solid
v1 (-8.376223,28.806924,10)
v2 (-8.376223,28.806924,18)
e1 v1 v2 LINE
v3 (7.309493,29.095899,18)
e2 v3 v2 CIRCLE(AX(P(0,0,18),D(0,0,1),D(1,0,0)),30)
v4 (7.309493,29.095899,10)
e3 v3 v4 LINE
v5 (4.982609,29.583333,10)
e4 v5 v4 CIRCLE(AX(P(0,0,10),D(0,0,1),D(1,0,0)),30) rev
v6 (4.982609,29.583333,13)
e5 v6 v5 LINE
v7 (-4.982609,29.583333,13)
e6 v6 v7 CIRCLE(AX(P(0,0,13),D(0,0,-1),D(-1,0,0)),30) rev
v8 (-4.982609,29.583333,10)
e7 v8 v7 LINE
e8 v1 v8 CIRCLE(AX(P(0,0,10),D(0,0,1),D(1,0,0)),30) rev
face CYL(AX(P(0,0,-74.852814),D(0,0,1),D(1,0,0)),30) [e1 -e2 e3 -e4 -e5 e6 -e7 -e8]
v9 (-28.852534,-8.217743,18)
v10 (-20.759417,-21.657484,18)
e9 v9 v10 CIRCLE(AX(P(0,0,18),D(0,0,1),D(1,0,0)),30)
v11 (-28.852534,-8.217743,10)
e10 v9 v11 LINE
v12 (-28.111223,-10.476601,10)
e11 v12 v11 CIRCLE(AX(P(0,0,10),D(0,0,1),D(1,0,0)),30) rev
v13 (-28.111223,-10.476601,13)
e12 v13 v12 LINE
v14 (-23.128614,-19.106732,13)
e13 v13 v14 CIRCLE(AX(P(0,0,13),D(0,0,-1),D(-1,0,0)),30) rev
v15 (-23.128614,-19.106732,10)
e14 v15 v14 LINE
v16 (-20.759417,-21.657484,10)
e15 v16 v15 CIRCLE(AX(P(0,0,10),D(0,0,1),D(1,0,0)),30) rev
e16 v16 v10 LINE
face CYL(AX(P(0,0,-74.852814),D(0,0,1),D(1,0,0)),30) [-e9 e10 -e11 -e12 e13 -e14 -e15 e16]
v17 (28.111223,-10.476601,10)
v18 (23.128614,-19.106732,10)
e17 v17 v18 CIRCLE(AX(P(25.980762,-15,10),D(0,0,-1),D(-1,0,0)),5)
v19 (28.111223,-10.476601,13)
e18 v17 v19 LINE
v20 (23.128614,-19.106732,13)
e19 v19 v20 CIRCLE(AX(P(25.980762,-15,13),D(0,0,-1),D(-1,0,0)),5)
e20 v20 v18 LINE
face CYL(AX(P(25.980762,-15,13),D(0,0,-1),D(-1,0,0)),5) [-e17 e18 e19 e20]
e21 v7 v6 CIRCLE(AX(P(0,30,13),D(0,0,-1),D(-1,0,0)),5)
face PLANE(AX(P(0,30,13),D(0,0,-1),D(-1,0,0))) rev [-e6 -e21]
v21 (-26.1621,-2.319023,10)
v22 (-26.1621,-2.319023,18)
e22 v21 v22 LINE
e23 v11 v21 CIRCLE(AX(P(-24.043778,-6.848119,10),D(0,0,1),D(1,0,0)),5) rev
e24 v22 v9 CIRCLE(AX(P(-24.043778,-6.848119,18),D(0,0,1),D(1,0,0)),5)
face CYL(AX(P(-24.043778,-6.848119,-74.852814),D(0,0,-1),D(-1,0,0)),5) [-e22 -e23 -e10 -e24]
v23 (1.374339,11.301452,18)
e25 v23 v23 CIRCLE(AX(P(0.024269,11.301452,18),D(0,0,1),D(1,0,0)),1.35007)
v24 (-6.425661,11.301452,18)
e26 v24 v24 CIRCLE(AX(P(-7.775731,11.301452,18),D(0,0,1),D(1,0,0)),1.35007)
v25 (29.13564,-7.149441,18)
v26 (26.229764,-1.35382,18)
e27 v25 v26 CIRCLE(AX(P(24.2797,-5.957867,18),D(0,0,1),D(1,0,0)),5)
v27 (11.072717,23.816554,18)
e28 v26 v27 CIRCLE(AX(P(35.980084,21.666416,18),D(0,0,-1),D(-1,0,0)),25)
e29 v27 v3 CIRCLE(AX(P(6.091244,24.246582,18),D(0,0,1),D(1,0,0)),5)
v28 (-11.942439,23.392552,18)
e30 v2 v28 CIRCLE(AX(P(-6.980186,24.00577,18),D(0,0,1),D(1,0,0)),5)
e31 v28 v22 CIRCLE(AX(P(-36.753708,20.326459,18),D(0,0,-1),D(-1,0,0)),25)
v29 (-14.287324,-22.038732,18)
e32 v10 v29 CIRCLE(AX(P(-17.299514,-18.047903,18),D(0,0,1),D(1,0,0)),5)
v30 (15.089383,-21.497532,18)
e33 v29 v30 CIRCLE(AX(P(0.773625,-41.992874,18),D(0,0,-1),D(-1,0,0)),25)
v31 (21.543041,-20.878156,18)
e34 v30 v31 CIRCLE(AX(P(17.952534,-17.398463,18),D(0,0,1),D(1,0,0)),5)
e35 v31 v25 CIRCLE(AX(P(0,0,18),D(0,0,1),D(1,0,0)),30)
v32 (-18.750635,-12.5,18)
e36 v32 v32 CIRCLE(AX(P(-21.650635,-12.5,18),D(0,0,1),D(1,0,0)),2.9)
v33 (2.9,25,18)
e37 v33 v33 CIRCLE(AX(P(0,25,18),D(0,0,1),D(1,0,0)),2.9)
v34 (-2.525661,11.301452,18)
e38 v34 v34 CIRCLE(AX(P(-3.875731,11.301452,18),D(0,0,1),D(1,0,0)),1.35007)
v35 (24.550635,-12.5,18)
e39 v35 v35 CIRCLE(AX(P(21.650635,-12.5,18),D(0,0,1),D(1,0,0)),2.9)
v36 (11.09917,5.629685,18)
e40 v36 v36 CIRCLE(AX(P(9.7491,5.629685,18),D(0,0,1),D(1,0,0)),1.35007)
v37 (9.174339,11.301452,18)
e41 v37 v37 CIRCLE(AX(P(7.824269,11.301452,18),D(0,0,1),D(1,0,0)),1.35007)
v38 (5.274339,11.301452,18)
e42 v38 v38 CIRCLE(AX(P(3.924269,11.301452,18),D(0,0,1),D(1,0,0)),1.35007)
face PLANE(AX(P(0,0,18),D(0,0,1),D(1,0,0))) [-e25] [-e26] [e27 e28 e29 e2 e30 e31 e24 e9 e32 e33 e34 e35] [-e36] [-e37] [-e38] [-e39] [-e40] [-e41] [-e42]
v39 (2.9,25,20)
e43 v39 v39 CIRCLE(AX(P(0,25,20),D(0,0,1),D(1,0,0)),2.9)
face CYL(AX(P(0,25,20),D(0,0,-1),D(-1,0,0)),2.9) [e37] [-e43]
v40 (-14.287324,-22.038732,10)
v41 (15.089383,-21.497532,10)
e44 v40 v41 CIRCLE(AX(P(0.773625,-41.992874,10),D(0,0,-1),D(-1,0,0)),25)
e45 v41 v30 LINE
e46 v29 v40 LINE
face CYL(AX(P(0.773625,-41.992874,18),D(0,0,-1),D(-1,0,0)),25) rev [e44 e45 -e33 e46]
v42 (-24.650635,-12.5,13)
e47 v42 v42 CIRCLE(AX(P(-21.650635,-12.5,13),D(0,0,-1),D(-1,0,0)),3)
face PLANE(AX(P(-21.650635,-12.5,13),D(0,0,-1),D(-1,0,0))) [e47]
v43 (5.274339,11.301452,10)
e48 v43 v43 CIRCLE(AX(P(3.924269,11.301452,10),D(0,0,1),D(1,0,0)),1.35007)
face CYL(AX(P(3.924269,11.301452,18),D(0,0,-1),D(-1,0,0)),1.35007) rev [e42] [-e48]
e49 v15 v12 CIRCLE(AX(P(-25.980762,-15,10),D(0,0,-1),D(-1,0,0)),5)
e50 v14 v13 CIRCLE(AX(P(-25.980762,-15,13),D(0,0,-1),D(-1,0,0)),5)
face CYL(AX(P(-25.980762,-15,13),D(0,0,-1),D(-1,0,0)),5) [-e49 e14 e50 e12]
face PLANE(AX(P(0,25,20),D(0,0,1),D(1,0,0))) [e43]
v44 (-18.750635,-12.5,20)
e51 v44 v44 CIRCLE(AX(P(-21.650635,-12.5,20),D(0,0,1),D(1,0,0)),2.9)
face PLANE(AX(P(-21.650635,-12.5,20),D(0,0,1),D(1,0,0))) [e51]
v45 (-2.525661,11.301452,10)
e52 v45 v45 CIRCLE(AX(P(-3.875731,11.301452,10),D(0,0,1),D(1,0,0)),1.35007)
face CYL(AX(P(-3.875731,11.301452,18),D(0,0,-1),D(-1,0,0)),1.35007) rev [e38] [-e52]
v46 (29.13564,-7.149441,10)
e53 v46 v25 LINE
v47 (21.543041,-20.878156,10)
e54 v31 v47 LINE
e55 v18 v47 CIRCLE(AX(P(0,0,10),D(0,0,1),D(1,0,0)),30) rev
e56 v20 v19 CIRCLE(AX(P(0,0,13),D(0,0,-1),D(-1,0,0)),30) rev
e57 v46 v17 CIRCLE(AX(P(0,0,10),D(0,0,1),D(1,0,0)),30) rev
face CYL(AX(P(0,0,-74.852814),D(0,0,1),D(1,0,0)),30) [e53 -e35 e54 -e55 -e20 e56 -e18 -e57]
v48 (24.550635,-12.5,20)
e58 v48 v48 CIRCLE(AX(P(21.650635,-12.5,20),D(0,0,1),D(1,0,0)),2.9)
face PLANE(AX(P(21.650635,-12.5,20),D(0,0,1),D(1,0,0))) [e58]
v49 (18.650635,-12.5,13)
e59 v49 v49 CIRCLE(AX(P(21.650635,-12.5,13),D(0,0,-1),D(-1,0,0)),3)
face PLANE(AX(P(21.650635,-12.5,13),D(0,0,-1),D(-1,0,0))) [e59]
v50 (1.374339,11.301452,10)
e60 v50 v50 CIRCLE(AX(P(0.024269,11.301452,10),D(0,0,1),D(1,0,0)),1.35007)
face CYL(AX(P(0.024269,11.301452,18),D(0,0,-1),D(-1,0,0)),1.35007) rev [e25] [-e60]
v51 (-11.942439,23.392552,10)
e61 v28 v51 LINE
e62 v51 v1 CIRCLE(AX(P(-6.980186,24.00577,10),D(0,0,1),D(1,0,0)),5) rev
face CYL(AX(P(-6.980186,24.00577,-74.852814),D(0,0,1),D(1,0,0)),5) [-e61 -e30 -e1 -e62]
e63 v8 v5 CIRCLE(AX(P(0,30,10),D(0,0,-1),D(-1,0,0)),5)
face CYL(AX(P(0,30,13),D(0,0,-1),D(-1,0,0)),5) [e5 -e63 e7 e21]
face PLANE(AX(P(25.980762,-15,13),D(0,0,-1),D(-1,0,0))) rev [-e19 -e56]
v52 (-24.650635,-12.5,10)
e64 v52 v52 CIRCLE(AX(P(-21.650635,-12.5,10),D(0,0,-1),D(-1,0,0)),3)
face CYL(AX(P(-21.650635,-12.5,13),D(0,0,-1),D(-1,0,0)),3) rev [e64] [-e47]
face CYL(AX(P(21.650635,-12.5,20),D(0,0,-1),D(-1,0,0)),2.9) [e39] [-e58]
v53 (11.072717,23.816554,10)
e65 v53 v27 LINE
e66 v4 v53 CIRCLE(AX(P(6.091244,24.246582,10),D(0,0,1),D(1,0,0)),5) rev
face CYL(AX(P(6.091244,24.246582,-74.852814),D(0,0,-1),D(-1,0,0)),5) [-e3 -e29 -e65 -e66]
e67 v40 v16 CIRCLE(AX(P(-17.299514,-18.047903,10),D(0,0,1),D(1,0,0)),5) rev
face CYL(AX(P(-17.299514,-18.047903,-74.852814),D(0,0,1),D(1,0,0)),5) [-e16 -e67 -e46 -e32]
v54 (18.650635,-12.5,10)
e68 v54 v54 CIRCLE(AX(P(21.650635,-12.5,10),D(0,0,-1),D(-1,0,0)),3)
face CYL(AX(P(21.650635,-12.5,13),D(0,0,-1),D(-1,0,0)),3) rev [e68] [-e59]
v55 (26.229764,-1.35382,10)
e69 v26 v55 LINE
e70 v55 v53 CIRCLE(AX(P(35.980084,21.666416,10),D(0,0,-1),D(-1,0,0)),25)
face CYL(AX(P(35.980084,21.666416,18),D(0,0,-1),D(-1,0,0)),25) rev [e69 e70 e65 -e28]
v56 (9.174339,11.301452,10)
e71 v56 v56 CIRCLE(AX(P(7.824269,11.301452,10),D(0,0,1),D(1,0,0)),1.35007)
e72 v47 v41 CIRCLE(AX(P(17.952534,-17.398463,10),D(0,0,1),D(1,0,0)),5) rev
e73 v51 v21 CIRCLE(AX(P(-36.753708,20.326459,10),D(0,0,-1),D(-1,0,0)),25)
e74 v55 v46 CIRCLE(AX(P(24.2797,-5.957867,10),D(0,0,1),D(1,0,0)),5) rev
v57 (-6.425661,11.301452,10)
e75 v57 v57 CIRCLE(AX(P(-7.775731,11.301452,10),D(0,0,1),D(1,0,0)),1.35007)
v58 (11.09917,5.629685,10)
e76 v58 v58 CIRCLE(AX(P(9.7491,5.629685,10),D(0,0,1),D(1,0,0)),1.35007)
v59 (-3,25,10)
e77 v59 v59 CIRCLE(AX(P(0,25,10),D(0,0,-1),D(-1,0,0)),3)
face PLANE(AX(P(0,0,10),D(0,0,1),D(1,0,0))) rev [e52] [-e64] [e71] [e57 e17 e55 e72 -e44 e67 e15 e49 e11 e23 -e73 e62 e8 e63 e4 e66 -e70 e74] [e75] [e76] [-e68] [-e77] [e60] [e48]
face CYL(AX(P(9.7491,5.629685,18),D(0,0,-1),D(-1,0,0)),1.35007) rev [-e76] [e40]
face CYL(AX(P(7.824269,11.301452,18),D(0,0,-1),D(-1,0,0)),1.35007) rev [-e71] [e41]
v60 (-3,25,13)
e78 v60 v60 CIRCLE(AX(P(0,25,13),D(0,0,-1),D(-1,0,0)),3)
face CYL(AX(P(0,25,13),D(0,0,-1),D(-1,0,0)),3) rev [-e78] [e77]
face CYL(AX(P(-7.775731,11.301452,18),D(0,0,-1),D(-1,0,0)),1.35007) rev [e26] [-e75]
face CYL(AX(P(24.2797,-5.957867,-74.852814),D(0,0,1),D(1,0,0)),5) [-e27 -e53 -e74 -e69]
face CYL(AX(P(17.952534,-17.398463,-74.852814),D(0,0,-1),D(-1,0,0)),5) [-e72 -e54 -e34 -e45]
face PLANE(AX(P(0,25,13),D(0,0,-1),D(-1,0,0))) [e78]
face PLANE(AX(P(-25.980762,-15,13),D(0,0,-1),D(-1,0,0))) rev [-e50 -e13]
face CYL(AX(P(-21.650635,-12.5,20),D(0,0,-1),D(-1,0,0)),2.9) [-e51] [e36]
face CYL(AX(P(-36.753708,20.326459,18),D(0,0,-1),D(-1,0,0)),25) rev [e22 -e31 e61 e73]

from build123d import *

# Parameters (mm, degrees)
SKETCH2_R           = 18.85
SKETCH2_R_2         = 1.350069841
BOSS_EXTRUDE1_DEPTH = 8
SKETCH3_R           = 30
SKETCH3_R_2         = 17.600030795
BOSS_EXTRUDE2_DEPTH = 8
SKETCH4_R           = 2.9
BOSS_EXTRUDE3_DEPTH = 2
SKETCH6_R           = 5
BOSS_EXTRUDE4_DEPTH = 3
SKETCH5_R           = 3
CUT_EXTRUDE1_DEPTH  = 3
SKETCH7_R           = 25
CUT_EXTRUDE2_DEPTH  = 8
FILLET1_R           = 5


with BuildPart() as part:
    # Sketch2 → Boss-Extrude1 (new body)
    with BuildSketch(Plane.XY.offset(10)):
        Circle(SKETCH2_R)
        with Locations((7.824268806, 11.301452471)):
            Circle(SKETCH2_R_2, mode=Mode.SUBTRACT)
        with Locations((3.924268806, 11.301452471)):
            Circle(SKETCH2_R_2, mode=Mode.SUBTRACT)
        with Locations((0.024268806, 11.301452471)):
            Circle(SKETCH2_R_2, mode=Mode.SUBTRACT)
        with Locations((-3.875731194, 11.301452471)):
            Circle(SKETCH2_R_2, mode=Mode.SUBTRACT)
        with Locations((-7.775731194, 11.301452471)):
            Circle(SKETCH2_R_2, mode=Mode.SUBTRACT)
        with Locations((9.749100056, 5.629684708)):
            Circle(SKETCH2_R_2, mode=Mode.SUBTRACT)
    extrude(amount=BOSS_EXTRUDE1_DEPTH)

    # Sketch3 → Boss-Extrude2 (add)
    with BuildSketch(Plane.XY.offset(18)):
        Circle(SKETCH3_R)
        Circle(SKETCH3_R_2, mode=Mode.SUBTRACT)
    extrude(amount=-BOSS_EXTRUDE2_DEPTH)

    # Sketch4 → Boss-Extrude3 (add)
    with BuildSketch(Plane.XY.offset(18)):
        with Locations((0, 25)):
            Circle(SKETCH4_R)
        with Locations((21.650635095, -12.5)):
            Circle(SKETCH4_R)
        with Locations((-21.650635095, -12.5)):
            Circle(SKETCH4_R)
    extrude(amount=BOSS_EXTRUDE3_DEPTH)

    # Sketch6 → Boss-Extrude4 (add)
    with BuildSketch(Plane(origin=(0, 0, 10), x_dir=(-1, 0, 0), z_dir=(0, 0, -1))):
        with Locations((0, 30)):
            Circle(SKETCH6_R)
        with Locations((25.980762114, -15)):
            Circle(SKETCH6_R)
        with Locations((-25.980762114, -15)):
            Circle(SKETCH6_R)
    extrude(amount=-BOSS_EXTRUDE4_DEPTH)

    # Sketch5 → Cut-Extrude1 (cut)
    with BuildSketch(Plane(origin=(0, 0, 10), x_dir=(-1, 0, 0), z_dir=(0, 0, -1))):
        with Locations((0, 25)):
            Circle(SKETCH5_R)
        with Locations((21.650635095, -12.5)):
            Circle(SKETCH5_R)
        with Locations((-21.650635095, -12.5)):
            Circle(SKETCH5_R)
    extrude(amount=-CUT_EXTRUDE1_DEPTH, mode=Mode.SUBTRACT)

    # Sketch7 → Cut-Extrude2 (cut)
    with BuildSketch(Plane(origin=(0, 0, 10), x_dir=(-1, 0, 0), z_dir=(0, 0, -1))):
        with Locations((-35.980083702, 21.666415873)):
            Circle(SKETCH7_R)
        with Locations((36.753708406, 20.32645858)):
            Circle(SKETCH7_R)
        with Locations((-0.773624703, -41.992874453)):
            Circle(SKETCH7_R)
    extrude(amount=-CUT_EXTRUDE2_DEPTH, mode=Mode.SUBTRACT)

    # Fillet1
    fillet1_edges = [part.edges().sort_by_distance(p)[0] for p in [
        (29.888839754, -2.580166302, 14),
        (11.700383981, 27.624283062, 14),
        (-12.709930313, 27.174577668, 14),
        (-29.773522884, -3.679311769, 14),
        (-17.178909441, -24.594411366, 14),
        (18.073138902, -23.944971293, 14),
    ]]
    fillet(fillet1_edges, radius=FILLET1_R)


solid = part.part
